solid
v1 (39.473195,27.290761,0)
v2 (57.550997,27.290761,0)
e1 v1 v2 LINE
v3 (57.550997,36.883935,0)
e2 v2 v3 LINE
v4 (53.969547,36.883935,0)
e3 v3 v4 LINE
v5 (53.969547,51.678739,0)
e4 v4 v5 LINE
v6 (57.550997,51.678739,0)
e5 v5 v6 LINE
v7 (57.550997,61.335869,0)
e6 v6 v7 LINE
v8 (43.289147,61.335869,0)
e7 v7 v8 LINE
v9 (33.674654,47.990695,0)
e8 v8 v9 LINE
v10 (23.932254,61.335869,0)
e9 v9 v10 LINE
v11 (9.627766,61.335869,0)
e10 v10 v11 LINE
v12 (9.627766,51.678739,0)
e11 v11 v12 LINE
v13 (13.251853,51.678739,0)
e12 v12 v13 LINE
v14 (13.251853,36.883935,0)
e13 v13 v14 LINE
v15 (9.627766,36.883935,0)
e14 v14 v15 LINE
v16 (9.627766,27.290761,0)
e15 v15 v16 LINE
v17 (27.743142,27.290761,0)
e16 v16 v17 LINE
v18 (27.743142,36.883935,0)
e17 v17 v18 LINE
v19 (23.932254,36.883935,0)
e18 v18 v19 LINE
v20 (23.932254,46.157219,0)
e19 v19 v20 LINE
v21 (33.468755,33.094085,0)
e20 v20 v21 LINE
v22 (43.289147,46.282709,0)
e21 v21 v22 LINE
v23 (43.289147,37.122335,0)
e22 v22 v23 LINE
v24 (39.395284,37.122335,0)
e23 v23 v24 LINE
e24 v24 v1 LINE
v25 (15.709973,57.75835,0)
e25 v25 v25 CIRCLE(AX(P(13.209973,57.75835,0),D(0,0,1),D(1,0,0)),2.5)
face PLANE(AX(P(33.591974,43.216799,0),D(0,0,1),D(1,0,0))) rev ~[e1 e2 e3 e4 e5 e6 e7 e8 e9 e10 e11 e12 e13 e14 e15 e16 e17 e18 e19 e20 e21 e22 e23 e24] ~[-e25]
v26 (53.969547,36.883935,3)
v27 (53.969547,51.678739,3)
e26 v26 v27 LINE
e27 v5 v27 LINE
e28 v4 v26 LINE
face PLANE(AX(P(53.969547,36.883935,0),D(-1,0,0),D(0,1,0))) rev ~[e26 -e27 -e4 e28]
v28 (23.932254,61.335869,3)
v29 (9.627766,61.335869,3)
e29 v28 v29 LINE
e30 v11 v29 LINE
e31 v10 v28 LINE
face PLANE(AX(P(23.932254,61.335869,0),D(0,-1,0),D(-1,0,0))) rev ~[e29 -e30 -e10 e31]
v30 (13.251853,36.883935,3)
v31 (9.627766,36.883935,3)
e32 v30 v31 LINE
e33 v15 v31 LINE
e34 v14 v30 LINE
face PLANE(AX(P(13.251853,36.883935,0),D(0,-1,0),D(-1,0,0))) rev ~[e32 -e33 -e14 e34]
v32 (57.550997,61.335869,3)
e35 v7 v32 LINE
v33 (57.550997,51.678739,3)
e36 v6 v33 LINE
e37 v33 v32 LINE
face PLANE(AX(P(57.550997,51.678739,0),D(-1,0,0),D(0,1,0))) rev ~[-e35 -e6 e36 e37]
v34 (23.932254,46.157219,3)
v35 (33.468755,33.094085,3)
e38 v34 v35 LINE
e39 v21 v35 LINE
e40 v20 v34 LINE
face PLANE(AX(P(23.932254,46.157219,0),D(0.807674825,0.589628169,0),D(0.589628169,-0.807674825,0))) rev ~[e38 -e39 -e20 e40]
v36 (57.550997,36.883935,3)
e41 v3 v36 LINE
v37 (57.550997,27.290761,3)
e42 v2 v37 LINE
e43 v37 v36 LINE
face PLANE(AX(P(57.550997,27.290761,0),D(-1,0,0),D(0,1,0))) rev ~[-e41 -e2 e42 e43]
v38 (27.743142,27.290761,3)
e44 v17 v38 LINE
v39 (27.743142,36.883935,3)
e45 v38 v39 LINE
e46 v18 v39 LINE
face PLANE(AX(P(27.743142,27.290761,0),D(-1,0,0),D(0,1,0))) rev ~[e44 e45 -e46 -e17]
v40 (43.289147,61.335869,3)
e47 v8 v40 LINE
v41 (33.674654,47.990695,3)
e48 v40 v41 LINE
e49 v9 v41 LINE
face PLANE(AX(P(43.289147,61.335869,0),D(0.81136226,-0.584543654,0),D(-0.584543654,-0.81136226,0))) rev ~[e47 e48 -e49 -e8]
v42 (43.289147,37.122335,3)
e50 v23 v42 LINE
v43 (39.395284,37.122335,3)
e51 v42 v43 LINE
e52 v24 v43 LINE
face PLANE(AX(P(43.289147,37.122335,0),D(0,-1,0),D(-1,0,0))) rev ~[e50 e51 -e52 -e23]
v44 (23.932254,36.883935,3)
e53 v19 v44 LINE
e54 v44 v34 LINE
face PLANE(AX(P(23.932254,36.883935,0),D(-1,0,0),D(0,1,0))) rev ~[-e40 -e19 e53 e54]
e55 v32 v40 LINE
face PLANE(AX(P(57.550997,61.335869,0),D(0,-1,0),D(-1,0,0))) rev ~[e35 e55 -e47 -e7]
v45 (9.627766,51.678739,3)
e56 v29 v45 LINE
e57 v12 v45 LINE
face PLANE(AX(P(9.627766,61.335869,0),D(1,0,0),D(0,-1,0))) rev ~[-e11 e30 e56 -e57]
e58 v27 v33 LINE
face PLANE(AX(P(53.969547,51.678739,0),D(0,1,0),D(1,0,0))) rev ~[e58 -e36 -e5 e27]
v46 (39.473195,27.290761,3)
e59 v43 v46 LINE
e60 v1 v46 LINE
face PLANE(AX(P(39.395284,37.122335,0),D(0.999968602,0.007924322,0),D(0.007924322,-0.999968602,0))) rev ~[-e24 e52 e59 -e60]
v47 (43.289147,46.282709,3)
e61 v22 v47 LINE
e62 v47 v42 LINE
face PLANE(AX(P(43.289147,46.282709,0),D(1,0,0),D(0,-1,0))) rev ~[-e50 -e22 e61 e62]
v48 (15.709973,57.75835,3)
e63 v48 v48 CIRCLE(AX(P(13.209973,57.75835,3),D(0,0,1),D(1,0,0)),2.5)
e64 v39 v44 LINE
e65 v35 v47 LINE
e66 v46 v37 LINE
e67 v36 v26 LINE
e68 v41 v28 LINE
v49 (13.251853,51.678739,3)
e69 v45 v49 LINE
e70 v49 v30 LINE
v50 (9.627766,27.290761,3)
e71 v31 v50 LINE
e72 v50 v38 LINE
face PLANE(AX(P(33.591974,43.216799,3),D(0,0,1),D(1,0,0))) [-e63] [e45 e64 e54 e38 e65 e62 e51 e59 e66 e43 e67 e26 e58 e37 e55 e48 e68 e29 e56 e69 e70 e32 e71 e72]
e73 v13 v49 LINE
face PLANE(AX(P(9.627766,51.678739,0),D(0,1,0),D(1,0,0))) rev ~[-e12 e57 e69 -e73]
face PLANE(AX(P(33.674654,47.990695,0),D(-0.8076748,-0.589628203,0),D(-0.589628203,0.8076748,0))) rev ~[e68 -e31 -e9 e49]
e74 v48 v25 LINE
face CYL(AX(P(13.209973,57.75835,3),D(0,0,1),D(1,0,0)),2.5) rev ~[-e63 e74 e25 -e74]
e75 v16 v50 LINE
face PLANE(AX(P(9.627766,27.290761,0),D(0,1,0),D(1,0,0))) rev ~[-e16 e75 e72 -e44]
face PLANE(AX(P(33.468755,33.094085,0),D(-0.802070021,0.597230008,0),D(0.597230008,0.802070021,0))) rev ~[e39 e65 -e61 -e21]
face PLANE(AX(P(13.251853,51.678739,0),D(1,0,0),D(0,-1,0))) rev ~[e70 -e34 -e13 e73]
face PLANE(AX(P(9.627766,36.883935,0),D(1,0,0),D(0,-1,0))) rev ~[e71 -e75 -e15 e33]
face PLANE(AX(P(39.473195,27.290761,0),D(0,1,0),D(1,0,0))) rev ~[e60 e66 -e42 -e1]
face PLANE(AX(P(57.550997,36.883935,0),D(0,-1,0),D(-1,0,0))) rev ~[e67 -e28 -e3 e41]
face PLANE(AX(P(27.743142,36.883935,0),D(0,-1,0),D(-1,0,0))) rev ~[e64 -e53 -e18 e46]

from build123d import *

# Parameters (mm, degrees)
F1_DEPTH = 3
F2_R     = 2.5
F3_DEPTH = 25.4


with BuildPart() as f1:
    # F0 (on Top) → F1 (new body)
    with BuildSketch(Plane.XY):
        Polygon((39.395284, 37.122335), (39.473195, 27.290761), (57.550997, 27.290761), (57.550997, 36.883935), (53.969547, 36.883935), (53.969547, 51.678739), (57.550997, 51.678739), (57.550997, 61.335869), (43.289147, 61.335869), (33.674654, 47.990695), (23.932254, 61.335869), (9.627766, 61.335869), (9.627766, 51.678739), (13.251853, 51.678739), (13.251853, 36.883935), (9.627766, 36.883935), (9.627766, 27.290761), (27.743142, 27.290761), (27.743142, 36.883935), (23.932254, 36.883935), (23.932254, 46.157219), (33.468755, 33.094085), (43.289147, 46.282709), (43.289147, 37.122335), align=None)
    extrude(amount=F1_DEPTH)

    # F2 (on face) → F3 (cut)
    with BuildSketch(Plane.XY.offset(3)):
        with Locations((13.209973, 57.75835)):
            Circle(F2_R)
    extrude(amount=-F3_DEPTH, mode=Mode.SUBTRACT)


solid = f1.part
